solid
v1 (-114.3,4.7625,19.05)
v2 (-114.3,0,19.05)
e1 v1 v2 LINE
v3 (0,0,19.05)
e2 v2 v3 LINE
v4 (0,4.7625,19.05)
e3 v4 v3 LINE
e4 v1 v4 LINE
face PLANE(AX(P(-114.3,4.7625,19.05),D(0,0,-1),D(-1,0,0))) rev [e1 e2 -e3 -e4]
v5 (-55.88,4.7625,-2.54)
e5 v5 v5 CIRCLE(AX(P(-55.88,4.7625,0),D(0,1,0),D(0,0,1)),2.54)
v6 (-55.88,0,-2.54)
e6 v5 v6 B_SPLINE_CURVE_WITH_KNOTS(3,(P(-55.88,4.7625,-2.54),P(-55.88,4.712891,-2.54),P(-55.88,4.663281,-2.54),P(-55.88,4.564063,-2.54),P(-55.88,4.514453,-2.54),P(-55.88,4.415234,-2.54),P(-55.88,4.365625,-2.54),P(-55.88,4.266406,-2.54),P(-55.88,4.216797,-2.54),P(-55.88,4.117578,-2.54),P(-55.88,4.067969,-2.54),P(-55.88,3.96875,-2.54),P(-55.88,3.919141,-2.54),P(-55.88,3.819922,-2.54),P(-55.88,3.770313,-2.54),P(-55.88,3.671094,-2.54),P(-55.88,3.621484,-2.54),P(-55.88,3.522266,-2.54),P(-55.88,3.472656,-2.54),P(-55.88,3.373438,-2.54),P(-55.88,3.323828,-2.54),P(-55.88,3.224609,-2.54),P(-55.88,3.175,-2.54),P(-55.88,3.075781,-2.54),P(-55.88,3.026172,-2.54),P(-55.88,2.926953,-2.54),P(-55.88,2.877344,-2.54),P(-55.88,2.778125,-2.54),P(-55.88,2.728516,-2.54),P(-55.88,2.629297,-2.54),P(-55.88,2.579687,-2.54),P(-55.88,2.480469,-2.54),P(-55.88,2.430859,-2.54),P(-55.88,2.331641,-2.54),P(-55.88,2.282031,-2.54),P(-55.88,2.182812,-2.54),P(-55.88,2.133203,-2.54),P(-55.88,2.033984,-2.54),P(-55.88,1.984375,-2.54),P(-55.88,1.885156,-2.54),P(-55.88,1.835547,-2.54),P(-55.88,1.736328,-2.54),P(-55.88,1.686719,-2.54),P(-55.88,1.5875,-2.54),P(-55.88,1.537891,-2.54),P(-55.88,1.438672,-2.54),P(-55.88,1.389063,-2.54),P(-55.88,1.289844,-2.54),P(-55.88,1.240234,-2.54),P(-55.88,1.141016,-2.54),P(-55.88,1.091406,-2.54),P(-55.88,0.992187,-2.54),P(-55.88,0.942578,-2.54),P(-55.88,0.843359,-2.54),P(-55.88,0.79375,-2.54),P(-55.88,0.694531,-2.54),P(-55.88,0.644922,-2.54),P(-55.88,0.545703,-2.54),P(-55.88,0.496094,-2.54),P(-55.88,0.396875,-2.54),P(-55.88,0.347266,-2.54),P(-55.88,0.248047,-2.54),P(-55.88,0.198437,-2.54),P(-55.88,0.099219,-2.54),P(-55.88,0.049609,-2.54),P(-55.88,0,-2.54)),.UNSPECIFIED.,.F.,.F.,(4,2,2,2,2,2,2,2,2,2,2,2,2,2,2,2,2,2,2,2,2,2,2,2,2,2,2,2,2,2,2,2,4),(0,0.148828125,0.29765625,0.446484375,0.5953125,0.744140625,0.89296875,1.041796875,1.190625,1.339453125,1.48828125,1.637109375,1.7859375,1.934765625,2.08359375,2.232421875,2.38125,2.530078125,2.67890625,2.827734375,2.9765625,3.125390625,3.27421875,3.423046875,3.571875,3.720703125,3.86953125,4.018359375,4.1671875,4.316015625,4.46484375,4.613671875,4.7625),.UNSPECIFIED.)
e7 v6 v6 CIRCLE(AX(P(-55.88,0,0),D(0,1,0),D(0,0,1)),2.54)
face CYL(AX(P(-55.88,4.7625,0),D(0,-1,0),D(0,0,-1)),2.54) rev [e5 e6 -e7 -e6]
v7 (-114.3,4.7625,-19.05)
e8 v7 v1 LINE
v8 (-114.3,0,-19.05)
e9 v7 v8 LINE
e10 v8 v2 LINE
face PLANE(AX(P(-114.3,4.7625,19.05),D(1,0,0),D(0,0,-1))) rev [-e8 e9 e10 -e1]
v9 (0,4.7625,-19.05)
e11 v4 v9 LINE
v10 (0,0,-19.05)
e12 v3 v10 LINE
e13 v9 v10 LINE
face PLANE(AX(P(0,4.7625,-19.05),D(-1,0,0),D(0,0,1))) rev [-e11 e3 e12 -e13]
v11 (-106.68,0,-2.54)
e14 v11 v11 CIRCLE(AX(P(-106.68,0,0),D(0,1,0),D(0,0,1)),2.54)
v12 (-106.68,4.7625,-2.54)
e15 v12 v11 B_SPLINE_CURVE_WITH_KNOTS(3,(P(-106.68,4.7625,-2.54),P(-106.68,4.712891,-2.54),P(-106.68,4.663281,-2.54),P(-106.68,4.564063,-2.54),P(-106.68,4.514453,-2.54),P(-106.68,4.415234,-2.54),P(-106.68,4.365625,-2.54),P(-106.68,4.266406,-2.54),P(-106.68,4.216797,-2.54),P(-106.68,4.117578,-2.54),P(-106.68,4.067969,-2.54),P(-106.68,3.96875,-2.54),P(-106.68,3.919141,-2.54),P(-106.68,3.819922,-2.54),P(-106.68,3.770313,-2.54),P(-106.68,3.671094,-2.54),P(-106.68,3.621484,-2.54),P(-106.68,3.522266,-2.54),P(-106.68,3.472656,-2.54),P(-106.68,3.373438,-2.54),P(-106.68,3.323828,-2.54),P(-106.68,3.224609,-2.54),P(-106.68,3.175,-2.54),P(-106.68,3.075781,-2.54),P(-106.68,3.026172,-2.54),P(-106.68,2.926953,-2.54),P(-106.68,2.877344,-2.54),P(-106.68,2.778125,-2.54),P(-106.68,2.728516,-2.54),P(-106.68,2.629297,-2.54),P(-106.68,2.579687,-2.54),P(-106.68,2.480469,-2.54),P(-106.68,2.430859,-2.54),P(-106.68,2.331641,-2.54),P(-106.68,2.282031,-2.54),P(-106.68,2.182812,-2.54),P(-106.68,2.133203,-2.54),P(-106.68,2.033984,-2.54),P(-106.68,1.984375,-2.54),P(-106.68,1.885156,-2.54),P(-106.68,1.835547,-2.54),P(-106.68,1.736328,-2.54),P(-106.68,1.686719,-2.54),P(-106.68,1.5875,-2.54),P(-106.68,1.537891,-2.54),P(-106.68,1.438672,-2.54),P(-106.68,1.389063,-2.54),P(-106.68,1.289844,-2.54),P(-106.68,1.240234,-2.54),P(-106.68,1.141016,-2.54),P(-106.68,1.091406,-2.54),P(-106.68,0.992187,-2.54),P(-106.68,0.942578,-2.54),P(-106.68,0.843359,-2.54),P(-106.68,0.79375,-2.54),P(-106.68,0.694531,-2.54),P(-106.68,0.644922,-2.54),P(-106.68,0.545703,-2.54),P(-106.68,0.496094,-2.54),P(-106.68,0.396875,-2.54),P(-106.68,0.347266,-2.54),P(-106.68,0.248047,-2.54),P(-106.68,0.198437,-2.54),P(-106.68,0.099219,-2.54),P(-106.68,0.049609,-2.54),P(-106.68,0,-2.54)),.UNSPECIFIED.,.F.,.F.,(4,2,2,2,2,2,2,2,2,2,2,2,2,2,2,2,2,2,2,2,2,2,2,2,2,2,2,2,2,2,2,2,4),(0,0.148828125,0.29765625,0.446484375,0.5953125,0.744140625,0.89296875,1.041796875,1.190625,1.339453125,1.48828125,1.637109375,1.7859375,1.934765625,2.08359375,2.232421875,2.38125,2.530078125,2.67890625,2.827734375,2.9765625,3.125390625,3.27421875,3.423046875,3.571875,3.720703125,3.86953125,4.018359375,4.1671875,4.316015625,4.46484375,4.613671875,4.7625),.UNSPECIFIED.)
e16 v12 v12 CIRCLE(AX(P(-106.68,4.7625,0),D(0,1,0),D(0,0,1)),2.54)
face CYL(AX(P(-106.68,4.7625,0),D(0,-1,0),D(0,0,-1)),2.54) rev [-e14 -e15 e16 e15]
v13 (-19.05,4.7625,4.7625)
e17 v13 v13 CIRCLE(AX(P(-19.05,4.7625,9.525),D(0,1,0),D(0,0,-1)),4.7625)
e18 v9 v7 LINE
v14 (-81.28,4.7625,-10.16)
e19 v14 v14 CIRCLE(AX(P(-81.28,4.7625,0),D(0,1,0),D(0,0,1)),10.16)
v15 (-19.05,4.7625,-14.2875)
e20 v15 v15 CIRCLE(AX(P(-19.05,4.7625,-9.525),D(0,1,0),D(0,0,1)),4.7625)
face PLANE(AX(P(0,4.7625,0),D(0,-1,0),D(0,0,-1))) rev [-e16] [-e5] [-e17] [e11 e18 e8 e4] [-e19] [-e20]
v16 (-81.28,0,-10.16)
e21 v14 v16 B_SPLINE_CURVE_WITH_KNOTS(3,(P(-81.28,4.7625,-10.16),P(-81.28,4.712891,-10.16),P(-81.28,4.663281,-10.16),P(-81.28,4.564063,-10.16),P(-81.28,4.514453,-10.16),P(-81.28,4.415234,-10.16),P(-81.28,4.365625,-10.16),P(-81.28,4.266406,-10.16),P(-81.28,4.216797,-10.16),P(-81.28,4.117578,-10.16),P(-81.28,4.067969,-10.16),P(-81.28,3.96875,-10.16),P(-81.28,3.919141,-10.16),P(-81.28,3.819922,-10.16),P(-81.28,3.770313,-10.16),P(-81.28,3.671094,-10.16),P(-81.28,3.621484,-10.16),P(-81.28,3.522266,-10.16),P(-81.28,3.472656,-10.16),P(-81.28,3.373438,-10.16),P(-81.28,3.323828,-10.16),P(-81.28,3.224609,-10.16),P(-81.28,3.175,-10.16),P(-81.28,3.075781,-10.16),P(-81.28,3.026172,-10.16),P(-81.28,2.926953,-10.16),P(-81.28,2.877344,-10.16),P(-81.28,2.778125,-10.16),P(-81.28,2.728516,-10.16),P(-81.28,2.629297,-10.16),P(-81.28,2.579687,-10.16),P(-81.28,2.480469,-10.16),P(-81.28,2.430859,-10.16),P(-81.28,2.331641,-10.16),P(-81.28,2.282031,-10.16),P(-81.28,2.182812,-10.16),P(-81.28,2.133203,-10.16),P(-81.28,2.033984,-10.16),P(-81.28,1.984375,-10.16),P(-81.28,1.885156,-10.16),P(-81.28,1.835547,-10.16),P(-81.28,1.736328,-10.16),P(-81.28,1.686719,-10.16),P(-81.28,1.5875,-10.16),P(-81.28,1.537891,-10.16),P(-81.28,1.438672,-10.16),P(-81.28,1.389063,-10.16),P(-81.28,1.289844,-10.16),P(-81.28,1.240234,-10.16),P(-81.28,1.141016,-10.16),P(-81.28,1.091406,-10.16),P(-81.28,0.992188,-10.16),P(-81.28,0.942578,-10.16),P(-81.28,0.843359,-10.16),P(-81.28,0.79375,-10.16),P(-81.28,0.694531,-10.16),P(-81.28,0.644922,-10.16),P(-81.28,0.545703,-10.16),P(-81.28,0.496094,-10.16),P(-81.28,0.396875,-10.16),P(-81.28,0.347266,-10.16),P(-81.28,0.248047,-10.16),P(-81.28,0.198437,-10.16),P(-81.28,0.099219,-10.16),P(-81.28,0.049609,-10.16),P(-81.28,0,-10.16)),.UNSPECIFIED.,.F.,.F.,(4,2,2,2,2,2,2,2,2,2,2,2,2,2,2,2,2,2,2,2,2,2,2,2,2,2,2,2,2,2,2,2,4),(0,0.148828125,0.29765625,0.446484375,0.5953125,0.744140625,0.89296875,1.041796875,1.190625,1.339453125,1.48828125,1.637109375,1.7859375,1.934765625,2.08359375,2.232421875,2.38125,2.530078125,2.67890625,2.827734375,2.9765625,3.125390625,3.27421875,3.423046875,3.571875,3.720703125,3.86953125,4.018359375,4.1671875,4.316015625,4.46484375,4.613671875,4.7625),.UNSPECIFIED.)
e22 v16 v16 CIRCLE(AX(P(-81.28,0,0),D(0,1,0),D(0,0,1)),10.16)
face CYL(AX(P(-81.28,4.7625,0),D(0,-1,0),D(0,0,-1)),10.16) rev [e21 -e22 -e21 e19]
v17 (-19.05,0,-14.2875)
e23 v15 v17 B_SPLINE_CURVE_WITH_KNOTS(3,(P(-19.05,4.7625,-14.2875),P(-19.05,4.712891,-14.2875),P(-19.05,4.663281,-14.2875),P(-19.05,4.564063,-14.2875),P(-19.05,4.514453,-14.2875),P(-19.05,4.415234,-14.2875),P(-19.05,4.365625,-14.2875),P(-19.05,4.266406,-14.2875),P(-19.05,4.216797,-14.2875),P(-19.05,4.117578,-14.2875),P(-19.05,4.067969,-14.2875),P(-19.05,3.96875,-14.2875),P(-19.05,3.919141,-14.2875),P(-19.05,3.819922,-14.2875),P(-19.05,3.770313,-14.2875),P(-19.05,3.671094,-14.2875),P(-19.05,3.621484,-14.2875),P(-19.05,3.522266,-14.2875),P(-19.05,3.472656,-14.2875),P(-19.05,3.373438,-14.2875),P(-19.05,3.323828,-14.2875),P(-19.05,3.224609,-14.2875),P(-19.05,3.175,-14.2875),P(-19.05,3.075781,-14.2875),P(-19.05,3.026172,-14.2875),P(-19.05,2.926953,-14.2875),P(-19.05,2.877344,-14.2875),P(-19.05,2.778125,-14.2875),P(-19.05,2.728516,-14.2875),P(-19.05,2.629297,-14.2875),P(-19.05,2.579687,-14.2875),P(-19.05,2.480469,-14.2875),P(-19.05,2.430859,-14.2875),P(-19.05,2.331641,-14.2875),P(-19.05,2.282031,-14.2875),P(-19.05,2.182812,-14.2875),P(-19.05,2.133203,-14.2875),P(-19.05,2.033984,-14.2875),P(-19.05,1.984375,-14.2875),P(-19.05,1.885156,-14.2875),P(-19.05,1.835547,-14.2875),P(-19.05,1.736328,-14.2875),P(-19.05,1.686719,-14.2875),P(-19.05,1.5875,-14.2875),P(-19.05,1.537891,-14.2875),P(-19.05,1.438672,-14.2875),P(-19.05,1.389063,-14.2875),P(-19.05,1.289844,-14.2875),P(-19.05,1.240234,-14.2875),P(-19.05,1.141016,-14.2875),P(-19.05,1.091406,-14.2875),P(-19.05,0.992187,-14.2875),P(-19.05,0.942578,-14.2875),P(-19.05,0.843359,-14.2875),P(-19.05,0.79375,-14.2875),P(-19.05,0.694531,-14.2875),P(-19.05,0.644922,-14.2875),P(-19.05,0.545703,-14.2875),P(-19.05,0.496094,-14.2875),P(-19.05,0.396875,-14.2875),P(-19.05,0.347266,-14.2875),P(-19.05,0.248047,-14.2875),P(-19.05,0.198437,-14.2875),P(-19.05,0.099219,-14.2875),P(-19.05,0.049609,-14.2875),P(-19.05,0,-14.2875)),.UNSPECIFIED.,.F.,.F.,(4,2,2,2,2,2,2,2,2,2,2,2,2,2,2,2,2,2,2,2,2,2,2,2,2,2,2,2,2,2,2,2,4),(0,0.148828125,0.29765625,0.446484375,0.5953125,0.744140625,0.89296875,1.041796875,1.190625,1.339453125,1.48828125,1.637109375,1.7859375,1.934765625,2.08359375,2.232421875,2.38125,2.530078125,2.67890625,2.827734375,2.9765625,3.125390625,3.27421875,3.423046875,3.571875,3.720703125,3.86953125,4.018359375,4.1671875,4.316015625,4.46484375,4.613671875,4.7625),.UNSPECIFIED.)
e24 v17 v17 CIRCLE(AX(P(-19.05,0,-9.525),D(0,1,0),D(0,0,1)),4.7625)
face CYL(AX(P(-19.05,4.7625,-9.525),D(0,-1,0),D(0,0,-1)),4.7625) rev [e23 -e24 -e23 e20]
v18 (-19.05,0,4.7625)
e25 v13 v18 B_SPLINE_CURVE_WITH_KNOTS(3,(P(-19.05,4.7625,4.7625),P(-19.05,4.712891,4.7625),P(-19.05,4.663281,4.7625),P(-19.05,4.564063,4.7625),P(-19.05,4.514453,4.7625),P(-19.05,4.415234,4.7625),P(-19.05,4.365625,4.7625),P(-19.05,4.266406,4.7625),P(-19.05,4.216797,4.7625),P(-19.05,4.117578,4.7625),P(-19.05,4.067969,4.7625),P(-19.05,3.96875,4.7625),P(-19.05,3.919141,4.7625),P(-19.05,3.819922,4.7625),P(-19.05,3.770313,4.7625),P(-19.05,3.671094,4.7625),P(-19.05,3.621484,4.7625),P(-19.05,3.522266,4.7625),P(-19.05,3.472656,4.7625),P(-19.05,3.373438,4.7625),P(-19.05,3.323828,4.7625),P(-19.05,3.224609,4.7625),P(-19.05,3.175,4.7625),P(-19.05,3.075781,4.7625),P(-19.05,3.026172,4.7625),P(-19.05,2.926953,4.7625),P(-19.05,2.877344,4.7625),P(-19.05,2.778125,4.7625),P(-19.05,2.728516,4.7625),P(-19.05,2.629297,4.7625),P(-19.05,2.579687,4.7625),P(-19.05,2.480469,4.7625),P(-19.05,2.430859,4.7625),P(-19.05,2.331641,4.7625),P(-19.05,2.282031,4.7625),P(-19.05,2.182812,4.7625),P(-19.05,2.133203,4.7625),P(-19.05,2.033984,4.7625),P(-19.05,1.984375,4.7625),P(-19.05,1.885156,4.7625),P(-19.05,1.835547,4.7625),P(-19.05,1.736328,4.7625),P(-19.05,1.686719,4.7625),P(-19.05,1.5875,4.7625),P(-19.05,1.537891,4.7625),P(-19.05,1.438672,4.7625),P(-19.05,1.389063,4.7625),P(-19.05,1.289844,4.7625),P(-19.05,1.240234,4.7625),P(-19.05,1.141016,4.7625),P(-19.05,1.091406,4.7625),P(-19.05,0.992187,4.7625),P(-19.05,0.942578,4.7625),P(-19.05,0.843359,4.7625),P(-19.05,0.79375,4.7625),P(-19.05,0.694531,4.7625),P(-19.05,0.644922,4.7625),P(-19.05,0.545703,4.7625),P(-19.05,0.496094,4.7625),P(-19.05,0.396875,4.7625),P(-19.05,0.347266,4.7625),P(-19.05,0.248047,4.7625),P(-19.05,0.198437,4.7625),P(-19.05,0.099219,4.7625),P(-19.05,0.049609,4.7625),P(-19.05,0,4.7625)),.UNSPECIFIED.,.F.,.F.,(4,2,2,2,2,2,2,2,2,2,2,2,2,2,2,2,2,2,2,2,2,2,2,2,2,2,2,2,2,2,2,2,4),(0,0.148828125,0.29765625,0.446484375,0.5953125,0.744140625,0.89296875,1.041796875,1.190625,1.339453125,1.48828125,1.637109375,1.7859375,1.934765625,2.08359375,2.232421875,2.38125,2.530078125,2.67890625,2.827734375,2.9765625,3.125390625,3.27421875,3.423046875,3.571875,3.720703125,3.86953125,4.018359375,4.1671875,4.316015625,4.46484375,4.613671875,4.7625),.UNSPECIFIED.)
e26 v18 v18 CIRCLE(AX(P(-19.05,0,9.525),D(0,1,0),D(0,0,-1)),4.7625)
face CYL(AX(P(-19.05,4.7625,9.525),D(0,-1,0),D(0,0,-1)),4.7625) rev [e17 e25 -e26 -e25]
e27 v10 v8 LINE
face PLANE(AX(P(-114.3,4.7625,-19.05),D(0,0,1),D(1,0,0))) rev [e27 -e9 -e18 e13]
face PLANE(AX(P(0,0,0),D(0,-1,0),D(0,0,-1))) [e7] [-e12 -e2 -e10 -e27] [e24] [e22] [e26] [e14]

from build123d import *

# Parameters (mm, degrees)
SKETCH3_W           = 114.3
SKETCH3_H           = 38.1
SKETCH3_R           = 2.54
SKETCH3_R_2         = 10.16
SKETCH3_R_3         = 4.7625
BOSS_EXTRUDE1_DEPTH = 4.7625


with BuildPart() as part:
    # Sketch3 → Boss-Extrude1 (new body)
    with BuildSketch(Plane(origin=(0, 0, 0), x_dir=(1, 0, 0), z_dir=(0, 1, 0))):
        with Locations((-57.15, 0)):
            Rectangle(SKETCH3_W, SKETCH3_H)
        with Locations(Location((-106.68, 0, 0), (0, 0, 90))):
            Circle(SKETCH3_R, mode=Mode.SUBTRACT)
        with Locations(Location((-81.28, 0, 0), (0, 0, 90))):
            Circle(SKETCH3_R_2, mode=Mode.SUBTRACT)
        with Locations(Location((-55.88, 0, 0), (0, 0, 90))):
            Circle(SKETCH3_R, mode=Mode.SUBTRACT)
        with Locations(Location((-19.05, 9.525, 0), (0, 0, 90))):
            Circle(SKETCH3_R_3, mode=Mode.SUBTRACT)
        with Locations(Location((-19.05, -9.525, 0), (0, 0, 90))):
            Circle(SKETCH3_R_3, mode=Mode.SUBTRACT)
    extrude(amount=BOSS_EXTRUDE1_DEPTH)


solid = part.part
